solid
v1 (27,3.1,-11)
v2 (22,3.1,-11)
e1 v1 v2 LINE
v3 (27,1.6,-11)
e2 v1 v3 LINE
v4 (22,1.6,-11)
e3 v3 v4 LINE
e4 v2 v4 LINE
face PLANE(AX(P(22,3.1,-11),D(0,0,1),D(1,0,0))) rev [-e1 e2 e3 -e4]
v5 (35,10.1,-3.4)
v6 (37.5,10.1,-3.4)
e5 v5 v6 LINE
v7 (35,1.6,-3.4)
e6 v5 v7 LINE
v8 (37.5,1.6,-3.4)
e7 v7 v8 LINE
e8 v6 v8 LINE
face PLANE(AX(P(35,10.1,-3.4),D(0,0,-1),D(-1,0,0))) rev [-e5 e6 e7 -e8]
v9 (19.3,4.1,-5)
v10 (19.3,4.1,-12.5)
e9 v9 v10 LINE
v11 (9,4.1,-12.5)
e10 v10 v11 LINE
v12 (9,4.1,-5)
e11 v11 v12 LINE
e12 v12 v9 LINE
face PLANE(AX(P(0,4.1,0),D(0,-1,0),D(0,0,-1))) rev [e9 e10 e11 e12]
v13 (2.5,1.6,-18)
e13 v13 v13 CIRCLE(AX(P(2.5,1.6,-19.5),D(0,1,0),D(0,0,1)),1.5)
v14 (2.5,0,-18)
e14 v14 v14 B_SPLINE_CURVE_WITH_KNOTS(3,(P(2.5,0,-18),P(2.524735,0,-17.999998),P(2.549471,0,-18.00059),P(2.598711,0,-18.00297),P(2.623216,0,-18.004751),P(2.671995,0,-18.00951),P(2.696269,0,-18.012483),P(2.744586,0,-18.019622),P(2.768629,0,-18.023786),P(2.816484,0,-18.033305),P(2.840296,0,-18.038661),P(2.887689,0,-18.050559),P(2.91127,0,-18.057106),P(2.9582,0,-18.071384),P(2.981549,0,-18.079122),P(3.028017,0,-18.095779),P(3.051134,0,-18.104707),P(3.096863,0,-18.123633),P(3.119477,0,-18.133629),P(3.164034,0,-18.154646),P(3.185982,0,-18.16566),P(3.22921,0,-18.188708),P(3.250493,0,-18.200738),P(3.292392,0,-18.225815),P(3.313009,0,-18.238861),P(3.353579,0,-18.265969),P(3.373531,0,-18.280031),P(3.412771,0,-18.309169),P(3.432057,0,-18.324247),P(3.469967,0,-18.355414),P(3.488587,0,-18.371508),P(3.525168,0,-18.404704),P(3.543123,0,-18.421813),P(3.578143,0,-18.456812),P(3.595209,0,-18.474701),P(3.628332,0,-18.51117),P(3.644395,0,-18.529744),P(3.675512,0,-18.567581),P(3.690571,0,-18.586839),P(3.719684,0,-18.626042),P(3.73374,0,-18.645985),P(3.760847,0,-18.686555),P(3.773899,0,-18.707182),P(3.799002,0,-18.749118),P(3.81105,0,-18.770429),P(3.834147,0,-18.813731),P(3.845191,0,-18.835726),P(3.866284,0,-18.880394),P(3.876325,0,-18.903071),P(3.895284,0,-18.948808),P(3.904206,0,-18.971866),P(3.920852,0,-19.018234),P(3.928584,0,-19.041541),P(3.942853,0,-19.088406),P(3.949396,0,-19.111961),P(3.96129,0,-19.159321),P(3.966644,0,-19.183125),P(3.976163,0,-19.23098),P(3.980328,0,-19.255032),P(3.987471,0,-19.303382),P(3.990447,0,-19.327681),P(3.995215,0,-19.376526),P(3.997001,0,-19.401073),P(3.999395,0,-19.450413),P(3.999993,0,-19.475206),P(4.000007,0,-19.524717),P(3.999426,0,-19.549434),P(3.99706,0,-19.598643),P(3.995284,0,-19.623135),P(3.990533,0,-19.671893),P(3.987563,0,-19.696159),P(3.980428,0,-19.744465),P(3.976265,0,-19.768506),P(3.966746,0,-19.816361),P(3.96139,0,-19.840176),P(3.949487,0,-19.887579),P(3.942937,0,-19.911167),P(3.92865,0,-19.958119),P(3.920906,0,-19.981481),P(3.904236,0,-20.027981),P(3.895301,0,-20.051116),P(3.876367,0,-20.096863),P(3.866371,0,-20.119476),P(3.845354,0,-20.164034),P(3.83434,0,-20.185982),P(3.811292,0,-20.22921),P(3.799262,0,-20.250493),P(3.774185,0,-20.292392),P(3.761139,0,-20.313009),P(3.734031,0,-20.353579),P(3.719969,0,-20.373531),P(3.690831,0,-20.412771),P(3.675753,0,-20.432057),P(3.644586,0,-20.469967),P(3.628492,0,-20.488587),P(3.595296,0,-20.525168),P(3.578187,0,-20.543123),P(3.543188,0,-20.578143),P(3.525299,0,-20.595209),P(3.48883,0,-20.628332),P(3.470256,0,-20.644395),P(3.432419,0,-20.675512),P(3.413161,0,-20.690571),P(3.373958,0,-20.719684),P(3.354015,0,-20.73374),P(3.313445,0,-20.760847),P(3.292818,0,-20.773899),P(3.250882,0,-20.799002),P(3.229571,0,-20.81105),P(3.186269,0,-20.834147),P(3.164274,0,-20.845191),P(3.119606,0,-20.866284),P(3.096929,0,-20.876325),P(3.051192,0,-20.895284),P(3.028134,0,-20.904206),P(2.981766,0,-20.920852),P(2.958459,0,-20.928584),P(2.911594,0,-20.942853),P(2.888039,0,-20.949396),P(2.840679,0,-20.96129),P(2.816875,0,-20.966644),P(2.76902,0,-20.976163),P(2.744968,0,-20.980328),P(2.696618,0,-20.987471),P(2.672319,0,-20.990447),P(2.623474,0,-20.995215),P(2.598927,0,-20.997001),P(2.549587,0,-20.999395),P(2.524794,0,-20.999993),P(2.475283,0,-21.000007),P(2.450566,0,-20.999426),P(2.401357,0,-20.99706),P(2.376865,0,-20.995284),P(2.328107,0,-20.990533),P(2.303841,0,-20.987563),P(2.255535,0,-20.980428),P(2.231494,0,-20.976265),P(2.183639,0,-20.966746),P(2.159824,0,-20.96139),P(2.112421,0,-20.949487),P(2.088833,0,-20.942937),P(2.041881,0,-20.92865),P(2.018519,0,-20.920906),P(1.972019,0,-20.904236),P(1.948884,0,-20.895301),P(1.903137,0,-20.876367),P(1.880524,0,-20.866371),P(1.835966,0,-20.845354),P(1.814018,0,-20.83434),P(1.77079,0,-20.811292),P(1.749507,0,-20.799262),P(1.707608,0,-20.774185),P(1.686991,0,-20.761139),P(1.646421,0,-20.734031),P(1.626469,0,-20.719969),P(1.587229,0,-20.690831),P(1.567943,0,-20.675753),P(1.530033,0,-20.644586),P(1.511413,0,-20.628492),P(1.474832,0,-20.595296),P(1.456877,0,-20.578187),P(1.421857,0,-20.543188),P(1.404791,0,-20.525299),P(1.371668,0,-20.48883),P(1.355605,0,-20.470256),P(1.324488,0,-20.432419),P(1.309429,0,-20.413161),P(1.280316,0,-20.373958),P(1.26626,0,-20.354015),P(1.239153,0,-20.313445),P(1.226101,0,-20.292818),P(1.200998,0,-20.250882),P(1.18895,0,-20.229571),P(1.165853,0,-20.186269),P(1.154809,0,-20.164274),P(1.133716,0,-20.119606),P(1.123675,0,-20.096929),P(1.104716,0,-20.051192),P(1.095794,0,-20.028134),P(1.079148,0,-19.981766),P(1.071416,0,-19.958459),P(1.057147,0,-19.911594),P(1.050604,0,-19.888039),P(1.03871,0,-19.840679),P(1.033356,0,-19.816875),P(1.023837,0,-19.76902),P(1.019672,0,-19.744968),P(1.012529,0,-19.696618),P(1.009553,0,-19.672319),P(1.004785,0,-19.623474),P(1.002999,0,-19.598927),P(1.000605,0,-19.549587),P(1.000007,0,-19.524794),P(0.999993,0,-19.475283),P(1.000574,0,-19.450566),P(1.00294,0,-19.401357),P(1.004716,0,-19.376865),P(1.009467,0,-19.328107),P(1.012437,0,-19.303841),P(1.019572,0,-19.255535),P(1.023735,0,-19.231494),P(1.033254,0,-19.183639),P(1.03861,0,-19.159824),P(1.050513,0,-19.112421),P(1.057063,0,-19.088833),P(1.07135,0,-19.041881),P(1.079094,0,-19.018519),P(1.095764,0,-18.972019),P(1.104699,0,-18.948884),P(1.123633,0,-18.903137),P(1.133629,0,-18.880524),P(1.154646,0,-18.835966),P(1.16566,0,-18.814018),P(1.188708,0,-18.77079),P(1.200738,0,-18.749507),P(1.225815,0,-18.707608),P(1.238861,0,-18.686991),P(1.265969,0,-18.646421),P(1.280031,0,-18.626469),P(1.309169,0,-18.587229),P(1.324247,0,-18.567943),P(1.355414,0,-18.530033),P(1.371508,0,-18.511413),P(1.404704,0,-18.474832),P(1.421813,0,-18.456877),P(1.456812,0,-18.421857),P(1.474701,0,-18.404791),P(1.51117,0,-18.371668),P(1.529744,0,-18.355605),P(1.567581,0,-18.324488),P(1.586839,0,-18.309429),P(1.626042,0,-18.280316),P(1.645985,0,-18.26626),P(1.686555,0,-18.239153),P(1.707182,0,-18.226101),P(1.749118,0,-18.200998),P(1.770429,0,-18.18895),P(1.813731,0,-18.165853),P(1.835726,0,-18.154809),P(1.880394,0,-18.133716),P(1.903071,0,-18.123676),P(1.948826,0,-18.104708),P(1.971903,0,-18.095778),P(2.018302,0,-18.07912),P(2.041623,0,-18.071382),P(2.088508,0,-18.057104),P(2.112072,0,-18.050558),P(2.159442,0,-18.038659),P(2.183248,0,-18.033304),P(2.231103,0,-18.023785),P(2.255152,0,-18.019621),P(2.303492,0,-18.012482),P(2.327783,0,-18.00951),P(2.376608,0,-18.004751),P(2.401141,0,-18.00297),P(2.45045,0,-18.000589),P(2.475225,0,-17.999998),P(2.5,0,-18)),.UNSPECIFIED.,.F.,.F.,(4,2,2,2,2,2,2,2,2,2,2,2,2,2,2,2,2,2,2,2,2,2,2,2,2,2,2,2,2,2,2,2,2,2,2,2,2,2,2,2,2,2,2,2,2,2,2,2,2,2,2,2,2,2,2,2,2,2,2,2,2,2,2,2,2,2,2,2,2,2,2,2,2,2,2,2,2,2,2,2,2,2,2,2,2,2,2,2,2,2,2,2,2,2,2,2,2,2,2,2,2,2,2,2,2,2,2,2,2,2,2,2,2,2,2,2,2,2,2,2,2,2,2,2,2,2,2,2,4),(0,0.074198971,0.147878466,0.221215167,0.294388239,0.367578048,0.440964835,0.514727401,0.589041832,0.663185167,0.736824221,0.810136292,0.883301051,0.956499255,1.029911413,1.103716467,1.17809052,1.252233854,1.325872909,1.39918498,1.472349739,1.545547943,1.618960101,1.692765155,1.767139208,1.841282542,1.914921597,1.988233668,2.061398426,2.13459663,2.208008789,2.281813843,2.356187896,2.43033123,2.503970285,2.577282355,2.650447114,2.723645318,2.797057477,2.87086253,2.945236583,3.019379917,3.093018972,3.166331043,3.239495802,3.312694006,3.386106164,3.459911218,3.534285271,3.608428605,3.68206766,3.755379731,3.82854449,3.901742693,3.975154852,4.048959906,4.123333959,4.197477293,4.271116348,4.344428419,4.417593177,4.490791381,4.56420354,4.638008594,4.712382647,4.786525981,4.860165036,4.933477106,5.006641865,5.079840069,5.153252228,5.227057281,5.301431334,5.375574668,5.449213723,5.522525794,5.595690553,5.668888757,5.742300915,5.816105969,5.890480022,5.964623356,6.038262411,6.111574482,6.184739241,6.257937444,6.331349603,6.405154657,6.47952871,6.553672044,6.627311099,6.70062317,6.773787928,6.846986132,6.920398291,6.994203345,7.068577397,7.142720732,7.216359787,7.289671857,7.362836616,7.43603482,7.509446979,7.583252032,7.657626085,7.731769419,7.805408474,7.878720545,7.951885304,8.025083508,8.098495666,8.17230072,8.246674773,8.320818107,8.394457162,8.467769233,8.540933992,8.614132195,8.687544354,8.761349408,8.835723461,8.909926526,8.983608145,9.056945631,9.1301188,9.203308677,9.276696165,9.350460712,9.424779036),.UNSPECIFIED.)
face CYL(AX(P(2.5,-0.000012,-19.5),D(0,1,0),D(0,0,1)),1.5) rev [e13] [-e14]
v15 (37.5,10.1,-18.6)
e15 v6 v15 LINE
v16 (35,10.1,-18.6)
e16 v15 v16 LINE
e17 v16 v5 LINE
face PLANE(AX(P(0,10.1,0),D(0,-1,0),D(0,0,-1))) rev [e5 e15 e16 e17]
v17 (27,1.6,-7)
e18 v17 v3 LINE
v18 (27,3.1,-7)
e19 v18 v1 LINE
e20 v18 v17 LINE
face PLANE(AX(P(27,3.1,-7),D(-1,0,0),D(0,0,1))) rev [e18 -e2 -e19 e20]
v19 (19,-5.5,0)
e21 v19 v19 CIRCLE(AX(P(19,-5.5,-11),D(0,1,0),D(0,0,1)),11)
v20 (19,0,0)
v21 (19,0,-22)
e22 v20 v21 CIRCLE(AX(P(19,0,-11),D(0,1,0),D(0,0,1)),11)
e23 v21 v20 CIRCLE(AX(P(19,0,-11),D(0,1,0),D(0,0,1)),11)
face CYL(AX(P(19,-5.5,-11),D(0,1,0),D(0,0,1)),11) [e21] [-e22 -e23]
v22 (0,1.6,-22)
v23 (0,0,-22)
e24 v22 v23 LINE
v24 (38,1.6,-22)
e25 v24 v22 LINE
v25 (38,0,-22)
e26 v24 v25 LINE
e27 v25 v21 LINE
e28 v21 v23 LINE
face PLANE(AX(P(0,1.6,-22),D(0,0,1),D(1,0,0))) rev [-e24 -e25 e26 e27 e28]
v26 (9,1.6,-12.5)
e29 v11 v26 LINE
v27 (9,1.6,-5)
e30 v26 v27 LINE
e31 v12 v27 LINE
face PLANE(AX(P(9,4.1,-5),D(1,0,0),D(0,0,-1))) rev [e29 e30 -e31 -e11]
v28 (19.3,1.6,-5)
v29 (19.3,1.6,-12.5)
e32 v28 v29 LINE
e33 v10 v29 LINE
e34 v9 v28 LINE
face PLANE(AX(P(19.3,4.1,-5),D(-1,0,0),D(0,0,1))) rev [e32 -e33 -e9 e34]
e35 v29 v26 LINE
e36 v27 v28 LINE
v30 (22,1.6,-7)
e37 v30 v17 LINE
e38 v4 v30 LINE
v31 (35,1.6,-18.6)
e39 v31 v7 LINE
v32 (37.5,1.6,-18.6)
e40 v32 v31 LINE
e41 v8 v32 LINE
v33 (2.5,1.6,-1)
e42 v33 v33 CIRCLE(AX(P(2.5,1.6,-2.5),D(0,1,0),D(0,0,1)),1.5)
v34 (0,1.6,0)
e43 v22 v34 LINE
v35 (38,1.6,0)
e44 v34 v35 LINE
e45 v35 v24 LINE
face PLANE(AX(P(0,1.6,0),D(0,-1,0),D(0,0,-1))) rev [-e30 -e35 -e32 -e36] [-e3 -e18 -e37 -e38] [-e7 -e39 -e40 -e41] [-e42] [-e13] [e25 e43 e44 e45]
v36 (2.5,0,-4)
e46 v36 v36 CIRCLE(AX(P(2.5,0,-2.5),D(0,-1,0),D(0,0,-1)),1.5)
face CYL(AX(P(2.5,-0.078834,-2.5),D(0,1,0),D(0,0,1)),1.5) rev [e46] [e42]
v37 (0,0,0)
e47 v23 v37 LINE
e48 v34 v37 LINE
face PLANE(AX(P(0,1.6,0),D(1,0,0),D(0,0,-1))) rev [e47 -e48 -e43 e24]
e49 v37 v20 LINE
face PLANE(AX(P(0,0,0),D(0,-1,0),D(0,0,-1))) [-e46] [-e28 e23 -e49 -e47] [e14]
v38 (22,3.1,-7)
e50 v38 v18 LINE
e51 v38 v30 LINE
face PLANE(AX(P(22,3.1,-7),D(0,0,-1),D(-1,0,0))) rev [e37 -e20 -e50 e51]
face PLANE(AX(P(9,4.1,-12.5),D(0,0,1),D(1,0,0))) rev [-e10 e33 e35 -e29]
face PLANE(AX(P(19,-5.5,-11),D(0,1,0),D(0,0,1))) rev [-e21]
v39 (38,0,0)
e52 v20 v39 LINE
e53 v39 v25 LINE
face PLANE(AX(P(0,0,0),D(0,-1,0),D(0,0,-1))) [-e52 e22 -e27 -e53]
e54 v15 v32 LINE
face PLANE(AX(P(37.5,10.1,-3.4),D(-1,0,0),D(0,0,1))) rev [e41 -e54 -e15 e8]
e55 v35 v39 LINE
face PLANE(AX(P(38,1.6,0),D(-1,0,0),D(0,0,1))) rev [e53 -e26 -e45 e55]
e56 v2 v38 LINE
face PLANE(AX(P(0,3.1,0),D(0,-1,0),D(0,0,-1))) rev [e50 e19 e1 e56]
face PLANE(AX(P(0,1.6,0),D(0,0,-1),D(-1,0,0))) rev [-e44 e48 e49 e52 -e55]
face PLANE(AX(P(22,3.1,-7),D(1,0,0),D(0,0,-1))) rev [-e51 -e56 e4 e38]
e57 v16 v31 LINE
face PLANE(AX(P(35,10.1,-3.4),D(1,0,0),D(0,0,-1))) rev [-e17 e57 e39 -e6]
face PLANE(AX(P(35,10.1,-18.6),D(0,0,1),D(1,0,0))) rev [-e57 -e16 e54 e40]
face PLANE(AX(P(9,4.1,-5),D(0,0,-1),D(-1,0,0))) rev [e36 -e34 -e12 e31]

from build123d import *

# Parameters (mm, degrees)
SKETCH1_W               = 38
SKETCH1_H               = 22
PCB_DEPTH               = 1.6
MOUNT_HOLE_1_DEPTH      = 44.938138331
MOUNT_HOLE_1_DEPTH_BACK = 44.938138331
SKETCH2_R               = 1.5
MOUNT_HOLE_2_DEPTH      = 44.938138331
MOUNT_HOLE_2_DEPTH_BACK = 44.938138331
SKETCH3_R               = 1.5
DS3231_IC_START         = 1.6
SKETCH4_W               = 10.3
SKETCH4_H               = 7.5
DS3231_IC_DEPTH         = 2.5
AT24C32_EEPROM_START    = 1.6
SKETCH5_W               = 5
SKETCH5_H               = 4
AT24C32_EEPROM_DEPTH    = 1.5
HEADER_6PIN_START       = 1.6
SKETCH6_W               = 2.5
SKETCH6_H               = 15.2
HEADER_6PIN_DEPTH       = 8.5
SKETCH7_R               = 11
CR2032_HOLDER_DEPTH     = 5.5


with BuildPart() as part:
    # Sketch1 → PCB (new body)
    with BuildSketch(Plane(origin=(0, 0, 0), x_dir=(1, 0, 0), z_dir=(0, 1, 0))):
        with Locations((19, 11)):
            Rectangle(SKETCH1_W, SKETCH1_H)
    extrude(amount=PCB_DEPTH)

    # Sketch2 → Mount_hole_1 (cut, two sides: drawn at the far end of the back side and taken through both)
    with BuildSketch(Plane(origin=(0, 0, 0), x_dir=(1, 0, 0), z_dir=(0, 1, 0)).offset(-MOUNT_HOLE_1_DEPTH_BACK)):
        with Locations(Location((2.5, 19.5, 0), (0, 0, 270))):
            Circle(SKETCH2_R)
    extrude(amount=MOUNT_HOLE_1_DEPTH + MOUNT_HOLE_1_DEPTH_BACK, mode=Mode.SUBTRACT)

    # Sketch3 → Mount_hole_2 (cut, two sides: drawn at the far end of the back side and taken through both)
    with BuildSketch(Plane(origin=(0, 0, 0), x_dir=(1, 0, 0), z_dir=(0, 1, 0)).offset(-MOUNT_HOLE_2_DEPTH_BACK)):
        with Locations(Location((2.5, 2.5, 0), (0, 0, 270))):
            Circle(SKETCH3_R)
    extrude(amount=MOUNT_HOLE_2_DEPTH + MOUNT_HOLE_2_DEPTH_BACK, mode=Mode.SUBTRACT)

    # Sketch4 → DS3231_IC (add)
    with BuildSketch(Plane(origin=(0, 0, 0), x_dir=(1, 0, 0), z_dir=(0, 1, 0)).offset(DS3231_IC_START)):
        with Locations((14.15, 8.75)):
            Rectangle(SKETCH4_W, SKETCH4_H)
    extrude(amount=DS3231_IC_DEPTH)

    # Sketch5 → AT24C32_EEPROM (add)
    with BuildSketch(Plane(origin=(0, 0, 0), x_dir=(1, 0, 0), z_dir=(0, 1, 0)).offset(AT24C32_EEPROM_START)):
        with Locations((24.5, 9)):
            Rectangle(SKETCH5_W, SKETCH5_H)
    extrude(amount=AT24C32_EEPROM_DEPTH)

    # Sketch6 → Header_6pin (add)
    with BuildSketch(Plane(origin=(0, 0, 0), x_dir=(1, 0, 0), z_dir=(0, 1, 0)).offset(HEADER_6PIN_START)):
        with Locations((36.25, 11)):
            Rectangle(SKETCH6_W, SKETCH6_H)
    extrude(amount=HEADER_6PIN_DEPTH)

    # Sketch7 → CR2032_holder (add)
    with BuildSketch(Plane(origin=(0, 0, 0), x_dir=(1, 0, 0), z_dir=(0, 1, 0))):
        with Locations(Location((19, 11, 0), (0, 0, 270))):
            Circle(SKETCH7_R)
    extrude(amount=-CR2032_HOLDER_DEPTH)


solid = part.part
